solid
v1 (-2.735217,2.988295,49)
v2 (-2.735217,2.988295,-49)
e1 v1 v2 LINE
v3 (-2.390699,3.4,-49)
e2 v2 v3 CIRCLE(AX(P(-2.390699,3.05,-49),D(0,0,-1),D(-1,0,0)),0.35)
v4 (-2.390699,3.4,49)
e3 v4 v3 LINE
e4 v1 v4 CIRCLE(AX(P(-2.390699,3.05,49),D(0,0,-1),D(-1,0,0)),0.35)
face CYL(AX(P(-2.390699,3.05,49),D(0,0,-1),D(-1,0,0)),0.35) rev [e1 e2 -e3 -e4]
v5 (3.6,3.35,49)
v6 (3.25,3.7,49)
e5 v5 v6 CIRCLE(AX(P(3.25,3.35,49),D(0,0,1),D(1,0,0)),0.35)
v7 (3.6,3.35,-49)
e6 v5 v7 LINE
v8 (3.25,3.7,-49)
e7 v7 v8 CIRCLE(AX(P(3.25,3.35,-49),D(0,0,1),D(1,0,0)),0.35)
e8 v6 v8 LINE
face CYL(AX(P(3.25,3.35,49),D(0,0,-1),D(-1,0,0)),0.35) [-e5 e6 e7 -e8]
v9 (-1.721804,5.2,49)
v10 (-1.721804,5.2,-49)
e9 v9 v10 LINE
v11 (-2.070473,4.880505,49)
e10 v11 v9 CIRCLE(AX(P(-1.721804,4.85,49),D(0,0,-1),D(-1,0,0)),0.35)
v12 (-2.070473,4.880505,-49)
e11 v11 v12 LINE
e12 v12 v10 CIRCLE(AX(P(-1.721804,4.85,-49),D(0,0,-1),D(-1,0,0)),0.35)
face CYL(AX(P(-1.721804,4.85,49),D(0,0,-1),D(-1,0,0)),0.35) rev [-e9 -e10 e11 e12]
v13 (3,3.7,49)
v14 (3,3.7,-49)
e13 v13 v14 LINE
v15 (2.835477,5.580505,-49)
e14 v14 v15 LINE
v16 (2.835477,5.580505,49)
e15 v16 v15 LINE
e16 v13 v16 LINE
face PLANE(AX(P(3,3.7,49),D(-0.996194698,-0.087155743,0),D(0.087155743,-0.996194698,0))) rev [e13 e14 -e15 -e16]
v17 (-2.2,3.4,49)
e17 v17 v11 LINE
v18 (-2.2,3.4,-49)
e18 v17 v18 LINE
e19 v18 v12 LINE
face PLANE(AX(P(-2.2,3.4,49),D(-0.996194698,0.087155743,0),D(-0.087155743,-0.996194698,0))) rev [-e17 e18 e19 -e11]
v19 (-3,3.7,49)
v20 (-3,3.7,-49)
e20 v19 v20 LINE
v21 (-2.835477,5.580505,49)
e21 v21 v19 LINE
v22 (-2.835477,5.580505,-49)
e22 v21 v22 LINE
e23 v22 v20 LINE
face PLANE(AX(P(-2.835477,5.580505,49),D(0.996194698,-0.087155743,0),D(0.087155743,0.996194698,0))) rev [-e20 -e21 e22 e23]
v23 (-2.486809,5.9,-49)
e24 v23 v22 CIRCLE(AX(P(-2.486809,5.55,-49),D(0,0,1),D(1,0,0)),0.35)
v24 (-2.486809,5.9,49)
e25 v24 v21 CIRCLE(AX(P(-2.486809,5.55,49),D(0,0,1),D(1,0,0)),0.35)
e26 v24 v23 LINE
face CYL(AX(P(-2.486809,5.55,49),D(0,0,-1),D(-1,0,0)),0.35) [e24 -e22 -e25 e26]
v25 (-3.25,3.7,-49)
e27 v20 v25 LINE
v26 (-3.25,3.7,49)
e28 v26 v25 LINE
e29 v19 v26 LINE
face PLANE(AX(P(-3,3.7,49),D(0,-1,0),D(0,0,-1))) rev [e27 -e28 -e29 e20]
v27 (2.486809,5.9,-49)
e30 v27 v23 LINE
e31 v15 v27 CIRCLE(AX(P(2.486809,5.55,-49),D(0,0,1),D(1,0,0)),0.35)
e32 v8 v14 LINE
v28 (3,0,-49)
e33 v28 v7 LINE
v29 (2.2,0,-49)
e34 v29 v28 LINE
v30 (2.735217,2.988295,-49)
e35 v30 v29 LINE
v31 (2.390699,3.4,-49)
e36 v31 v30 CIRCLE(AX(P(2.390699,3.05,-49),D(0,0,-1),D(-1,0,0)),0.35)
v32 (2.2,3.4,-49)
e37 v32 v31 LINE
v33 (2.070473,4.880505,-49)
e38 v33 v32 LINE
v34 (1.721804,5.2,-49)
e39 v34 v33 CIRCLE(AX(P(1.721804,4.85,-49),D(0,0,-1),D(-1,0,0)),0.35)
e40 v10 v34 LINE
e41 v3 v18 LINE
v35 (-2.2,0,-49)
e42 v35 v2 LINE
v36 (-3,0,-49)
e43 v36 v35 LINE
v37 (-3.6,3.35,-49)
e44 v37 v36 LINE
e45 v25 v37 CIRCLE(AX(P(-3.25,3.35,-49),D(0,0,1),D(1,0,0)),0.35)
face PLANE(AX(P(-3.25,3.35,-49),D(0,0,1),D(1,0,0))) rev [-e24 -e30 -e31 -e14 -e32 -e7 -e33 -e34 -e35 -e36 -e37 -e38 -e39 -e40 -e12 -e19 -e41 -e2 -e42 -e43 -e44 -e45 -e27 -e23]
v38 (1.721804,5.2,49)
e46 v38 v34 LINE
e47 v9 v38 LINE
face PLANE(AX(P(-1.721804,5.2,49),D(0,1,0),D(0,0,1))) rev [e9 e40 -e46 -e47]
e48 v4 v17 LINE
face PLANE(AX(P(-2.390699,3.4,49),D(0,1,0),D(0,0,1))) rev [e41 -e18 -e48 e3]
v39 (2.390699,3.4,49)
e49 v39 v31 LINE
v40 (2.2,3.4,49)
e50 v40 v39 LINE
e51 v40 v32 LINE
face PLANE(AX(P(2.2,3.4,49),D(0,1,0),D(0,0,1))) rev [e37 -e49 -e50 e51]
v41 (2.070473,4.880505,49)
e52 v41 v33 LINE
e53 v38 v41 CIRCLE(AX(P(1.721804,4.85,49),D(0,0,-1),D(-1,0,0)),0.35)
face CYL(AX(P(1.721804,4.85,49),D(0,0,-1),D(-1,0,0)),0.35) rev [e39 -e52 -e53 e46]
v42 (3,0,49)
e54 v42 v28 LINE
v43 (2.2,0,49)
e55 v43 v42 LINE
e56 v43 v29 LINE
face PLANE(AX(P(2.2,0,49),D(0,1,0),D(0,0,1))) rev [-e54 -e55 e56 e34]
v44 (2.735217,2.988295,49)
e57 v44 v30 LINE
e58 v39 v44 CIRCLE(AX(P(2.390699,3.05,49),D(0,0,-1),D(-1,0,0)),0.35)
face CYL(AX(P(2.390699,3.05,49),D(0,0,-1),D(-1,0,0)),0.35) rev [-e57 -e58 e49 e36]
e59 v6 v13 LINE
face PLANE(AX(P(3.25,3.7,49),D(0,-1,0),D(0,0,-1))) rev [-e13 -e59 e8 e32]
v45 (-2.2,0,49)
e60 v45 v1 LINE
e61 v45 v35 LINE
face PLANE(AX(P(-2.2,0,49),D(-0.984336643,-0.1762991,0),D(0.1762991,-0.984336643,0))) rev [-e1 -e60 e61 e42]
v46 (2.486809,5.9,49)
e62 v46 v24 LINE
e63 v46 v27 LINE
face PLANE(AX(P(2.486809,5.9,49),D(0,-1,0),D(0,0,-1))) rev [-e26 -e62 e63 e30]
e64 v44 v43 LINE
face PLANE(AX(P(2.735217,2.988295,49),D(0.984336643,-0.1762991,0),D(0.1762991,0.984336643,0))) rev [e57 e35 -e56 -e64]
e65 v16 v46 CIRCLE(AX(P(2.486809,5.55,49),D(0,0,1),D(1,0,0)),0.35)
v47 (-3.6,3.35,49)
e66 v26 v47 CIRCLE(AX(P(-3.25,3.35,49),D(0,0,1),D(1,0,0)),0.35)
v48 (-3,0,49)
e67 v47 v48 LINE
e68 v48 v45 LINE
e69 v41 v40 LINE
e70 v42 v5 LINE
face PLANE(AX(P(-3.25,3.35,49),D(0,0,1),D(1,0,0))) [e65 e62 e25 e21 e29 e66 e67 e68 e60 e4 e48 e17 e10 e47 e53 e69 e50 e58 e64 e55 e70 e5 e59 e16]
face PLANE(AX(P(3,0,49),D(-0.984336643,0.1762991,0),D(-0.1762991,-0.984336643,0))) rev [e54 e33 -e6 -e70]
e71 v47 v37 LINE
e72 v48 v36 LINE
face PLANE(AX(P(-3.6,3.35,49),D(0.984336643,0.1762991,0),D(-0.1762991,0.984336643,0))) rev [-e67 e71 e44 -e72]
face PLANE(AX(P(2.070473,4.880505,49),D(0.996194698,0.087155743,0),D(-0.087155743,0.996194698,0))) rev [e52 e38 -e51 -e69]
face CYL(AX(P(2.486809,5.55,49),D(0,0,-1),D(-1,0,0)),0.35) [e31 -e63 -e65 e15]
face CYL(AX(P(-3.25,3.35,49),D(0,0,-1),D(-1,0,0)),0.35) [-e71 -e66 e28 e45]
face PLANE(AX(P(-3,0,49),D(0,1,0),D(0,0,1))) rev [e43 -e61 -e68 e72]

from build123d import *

# Parameters (mm, degrees)
BOSS_EXTRUDE1_DEPTH = 49


with BuildPart() as part:
    # Sketch1 → Boss-Extrude1 (new body, symmetric)
    with BuildSketch(Plane.XY):
        with BuildLine():
            Line((-3.6, 3.35), (-3, 0))
            Line((-3, 0), (-2.2, 0))
            Line((-2.2, 0), (-2.735217071, 2.988295315))
            ThreePointArc((-2.735217071, 2.988295315), (-2.659117427, 3.274614514), (-2.390699246, 3.4))
            Line((-2.390699246, 3.4), (-2.2, 3.4))
            Line((-2.2, 3.4), (-2.070472639, 4.88050451))
            ThreePointArc((-2.070472639, 4.88050451), (-1.958261067, 5.108047068), (-1.721804495, 5.2))
            Line((-1.721804495, 5.2), (1.721804495, 5.2))
            ThreePointArc((1.721804495, 5.2), (1.958261067, 5.108047068), (2.070472639, 4.88050451))
            Line((2.070472639, 4.88050451), (2.2, 3.4))
            Line((2.2, 3.4), (2.390699246, 3.4))
            ThreePointArc((2.390699246, 3.4), (2.659117427, 3.274614514), (2.735217071, 2.988295315))
            Line((2.735217071, 2.988295315), (2.2, 0))
            Line((2.2, 0), (3, 0))
            Line((3, 0), (3.6, 3.35))
            ThreePointArc((3.6, 3.35), (3.497487373, 3.597487373), (3.25, 3.7))
            Line((3.25, 3.7), (3, 3.7))
            Line((3, 3.7), (2.835477174, 5.58050451))
            ThreePointArc((2.835477174, 5.58050451), (2.723265602, 5.808047068), (2.486809029, 5.9))
            Line((2.486809029, 5.9), (-2.486809029, 5.9))
            ThreePointArc((-2.486809029, 5.9), (-2.723265602, 5.808047068), (-2.835477174, 5.58050451))
            Line((-2.835477174, 5.58050451), (-3, 3.7))
            Line((-3, 3.7), (-3.25, 3.7))
            ThreePointArc((-3.25, 3.7), (-3.497487373, 3.597487373), (-3.6, 3.35))
        make_face()
    extrude(amount=BOSS_EXTRUDE1_DEPTH, both=True)


solid = part.part
